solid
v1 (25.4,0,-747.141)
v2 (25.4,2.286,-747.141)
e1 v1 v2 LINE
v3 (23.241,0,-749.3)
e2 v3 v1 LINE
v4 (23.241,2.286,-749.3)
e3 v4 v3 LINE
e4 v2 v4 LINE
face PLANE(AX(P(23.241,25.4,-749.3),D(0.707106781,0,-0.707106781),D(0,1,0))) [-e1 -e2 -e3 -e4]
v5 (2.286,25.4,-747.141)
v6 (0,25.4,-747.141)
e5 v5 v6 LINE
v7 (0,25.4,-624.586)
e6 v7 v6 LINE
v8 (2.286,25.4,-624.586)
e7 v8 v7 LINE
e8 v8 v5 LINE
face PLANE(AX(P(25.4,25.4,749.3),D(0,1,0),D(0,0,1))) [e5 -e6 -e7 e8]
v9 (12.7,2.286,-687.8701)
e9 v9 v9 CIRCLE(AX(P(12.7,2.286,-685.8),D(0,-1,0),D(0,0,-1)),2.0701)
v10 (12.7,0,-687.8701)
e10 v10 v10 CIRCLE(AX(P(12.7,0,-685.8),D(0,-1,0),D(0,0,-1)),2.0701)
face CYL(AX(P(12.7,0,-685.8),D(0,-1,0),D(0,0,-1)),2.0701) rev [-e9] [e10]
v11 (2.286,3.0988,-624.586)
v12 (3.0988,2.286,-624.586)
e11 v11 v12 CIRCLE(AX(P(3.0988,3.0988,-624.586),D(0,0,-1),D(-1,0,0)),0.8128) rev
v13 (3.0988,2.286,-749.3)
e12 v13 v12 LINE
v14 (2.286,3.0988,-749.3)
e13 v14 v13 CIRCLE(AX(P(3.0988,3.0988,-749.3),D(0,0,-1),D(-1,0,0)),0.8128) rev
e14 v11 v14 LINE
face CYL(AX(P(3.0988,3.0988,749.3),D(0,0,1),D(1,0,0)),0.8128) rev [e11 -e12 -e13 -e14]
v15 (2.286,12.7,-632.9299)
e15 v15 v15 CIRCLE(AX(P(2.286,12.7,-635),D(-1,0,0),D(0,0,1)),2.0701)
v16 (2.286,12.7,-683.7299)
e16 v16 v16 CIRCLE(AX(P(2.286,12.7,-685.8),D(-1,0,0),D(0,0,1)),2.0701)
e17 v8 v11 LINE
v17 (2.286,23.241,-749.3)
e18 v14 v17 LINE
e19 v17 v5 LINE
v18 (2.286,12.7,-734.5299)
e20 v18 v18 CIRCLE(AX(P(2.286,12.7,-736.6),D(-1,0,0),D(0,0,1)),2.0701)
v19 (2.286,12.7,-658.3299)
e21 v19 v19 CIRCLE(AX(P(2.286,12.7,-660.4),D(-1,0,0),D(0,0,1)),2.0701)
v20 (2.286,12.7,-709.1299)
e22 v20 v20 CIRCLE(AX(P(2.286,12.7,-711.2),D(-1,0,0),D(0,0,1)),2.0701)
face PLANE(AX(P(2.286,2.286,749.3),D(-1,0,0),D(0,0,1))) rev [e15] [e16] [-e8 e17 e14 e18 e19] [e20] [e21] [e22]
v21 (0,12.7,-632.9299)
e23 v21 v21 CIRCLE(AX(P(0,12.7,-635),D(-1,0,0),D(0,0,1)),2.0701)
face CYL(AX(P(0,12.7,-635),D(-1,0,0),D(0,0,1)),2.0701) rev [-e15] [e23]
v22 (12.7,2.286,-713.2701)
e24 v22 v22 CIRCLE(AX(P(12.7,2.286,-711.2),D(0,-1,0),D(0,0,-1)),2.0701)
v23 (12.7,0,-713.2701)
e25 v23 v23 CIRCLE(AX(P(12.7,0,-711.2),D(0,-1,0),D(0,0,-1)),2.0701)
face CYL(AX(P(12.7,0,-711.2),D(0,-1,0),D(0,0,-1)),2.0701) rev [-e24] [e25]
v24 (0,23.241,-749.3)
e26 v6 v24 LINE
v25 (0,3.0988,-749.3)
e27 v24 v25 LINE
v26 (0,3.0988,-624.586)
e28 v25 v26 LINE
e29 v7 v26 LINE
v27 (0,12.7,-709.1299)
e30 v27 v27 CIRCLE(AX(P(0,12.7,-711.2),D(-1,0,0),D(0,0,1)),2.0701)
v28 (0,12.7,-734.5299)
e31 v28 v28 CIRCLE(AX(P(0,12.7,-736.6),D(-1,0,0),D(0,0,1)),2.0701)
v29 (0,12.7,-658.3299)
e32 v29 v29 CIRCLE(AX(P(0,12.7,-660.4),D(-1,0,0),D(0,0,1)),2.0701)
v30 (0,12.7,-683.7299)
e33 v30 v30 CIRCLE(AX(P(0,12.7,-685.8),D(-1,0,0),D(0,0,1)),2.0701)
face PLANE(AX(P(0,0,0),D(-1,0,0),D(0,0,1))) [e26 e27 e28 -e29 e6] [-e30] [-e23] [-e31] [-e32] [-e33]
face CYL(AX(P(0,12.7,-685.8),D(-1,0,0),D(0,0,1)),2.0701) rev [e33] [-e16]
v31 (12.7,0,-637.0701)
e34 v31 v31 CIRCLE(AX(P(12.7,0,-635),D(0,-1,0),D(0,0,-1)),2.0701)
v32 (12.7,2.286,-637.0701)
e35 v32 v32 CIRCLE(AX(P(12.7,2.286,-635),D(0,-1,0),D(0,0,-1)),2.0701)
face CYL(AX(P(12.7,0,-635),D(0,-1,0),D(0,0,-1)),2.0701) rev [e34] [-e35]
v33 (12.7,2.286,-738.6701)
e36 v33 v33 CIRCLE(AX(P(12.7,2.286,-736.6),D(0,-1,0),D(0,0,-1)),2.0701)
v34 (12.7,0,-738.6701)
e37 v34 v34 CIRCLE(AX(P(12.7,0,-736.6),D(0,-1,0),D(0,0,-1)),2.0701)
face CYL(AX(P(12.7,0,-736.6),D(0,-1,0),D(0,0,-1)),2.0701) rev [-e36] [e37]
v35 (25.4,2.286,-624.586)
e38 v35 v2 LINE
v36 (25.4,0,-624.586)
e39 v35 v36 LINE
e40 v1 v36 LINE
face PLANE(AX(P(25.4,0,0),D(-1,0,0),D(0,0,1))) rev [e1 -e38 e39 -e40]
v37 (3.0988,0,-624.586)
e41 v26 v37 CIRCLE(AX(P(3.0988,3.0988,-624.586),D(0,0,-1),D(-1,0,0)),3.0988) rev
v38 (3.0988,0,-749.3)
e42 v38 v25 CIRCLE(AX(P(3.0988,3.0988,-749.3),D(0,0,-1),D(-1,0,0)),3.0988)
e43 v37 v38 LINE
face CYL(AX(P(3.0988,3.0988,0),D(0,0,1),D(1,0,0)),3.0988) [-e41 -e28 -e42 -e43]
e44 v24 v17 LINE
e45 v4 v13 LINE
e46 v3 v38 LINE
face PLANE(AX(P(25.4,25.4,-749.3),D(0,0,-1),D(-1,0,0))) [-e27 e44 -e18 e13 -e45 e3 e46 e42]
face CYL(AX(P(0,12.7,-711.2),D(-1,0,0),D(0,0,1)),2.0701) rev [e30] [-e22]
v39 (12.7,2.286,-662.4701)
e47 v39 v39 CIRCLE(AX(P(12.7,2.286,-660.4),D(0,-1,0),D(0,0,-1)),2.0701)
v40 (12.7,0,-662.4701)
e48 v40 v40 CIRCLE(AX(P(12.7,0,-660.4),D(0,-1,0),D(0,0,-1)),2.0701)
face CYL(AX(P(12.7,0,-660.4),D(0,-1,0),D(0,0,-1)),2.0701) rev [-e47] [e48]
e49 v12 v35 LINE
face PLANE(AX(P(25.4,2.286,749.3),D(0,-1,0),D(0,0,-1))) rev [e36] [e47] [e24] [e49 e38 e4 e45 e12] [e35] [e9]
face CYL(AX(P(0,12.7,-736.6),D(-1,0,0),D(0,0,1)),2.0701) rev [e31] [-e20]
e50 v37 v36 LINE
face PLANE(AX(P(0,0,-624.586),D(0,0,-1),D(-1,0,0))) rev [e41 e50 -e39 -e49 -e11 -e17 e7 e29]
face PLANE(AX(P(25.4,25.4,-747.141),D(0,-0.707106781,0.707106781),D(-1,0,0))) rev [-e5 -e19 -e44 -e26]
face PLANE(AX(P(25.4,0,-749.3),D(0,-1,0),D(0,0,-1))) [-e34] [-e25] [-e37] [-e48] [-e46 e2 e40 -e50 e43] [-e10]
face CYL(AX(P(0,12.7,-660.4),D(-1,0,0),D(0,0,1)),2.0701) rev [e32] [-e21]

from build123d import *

# Parameters (mm, degrees)
SKETCH1_W                  = 25.4
SKETCH1_H                  = 1498.6
BOSS_EXTRUDE1_DEPTH        = 25.4
SKETCH2_W                  = 23.114
SKETCH2_H                  = 23.114
CUT_EXTRUDE1_DEPTH         = 1499.6
M3_5_CLEARANCE_HOLE1_D     = 4.1402
M3_5_CLEARANCE_HOLE1_DEPTH = 25.4
M3_5_CLEARANCE_HOLE2_D     = 4.1402
M3_5_CLEARANCE_HOLE2_DEPTH = 25.4
CHAMFER1_SIZE              = 2.159
FILLET1_R                  = 0.8128
FILLET2_R                  = 3.0988
SKETCH8_W                  = 95.882963774
SKETCH8_H                  = 79.338329604
CUT_EXTRUDE3_DEPTH         = 1371.6
SKETCH11_W                 = 51.462522779
SKETCH11_H                 = 66.676735099
CUT_EXTRUDE6_DEPTH         = 2.286


with BuildPart() as part:
    # Sketch1 → Boss-Extrude1 (new body)
    with BuildSketch(Plane(origin=(0, 0, 0), x_dir=(0, -1, 0), z_dir=(-1, 0, 0))):
        with Locations((-12.7, 0)):
            Rectangle(SKETCH1_W, SKETCH1_H)
    extrude(amount=-BOSS_EXTRUDE1_DEPTH)

    # Sketch2 → Cut-Extrude1 (cut, through all)
    with BuildSketch(Plane(origin=(0, 0, -749.3), x_dir=(-1, 0, 0), z_dir=(0, 0, -1))):
        with Locations((-13.843, 13.843)):
            Rectangle(SKETCH2_W, SKETCH2_H)
    extrude(amount=-CUT_EXTRUDE1_DEPTH, mode=Mode.SUBTRACT)

    # M3.5 Clearance Hole1
    with Locations(Plane(origin=(0, 0, 0), x_dir=(-1, 0, 0), z_dir=(0, -1, 0))):
        with Locations((-12.7, 736.6), (-12.7, 711.2), (-12.7, 685.8), (-12.7, 660.4), (-12.7, 635), (-12.7, 609.6), (-12.7, 584.2), (-12.7, 558.8), (-12.7, 533.4), (-12.7, 508), (-12.7, 482.6), (-12.7, 457.2), (-12.7, 431.8), (-12.7, 406.4), (-12.7, 381), (-12.7, 355.6), (-12.7, 330.2), (-12.7, 304.8), (-12.7, 279.4), (-12.7, 254), (-12.7, 228.6), (-12.7, 203.2), (-12.7, 177.8), (-12.7, 152.4), (-12.7, 127), (-12.7, 101.6), (-12.7, 76.2), (-12.7, 50.8), (-12.7, 25.4), (-12.7, 0), (-12.7, -25.4), (-12.7, -50.8), (-12.7, -76.2), (-12.7, -101.6), (-12.7, -127), (-12.7, -152.4), (-12.7, -177.8), (-12.7, -203.2), (-12.7, -228.6), (-12.7, -254), (-12.7, -279.4), (-12.7, -304.8), (-12.7, -330.2), (-12.7, -355.6), (-12.7, -381), (-12.7, -406.4), (-12.7, -431.8), (-12.7, -457.2), (-12.7, -482.6), (-12.7, -508), (-12.7, -533.4), (-12.7, -558.8), (-12.7, -584.2), (-12.7, -609.6), (-12.7, -635), (-12.7, -660.4), (-12.7, -685.8), (-12.7, -711.2), (-12.7, -736.6)):
            Hole(M3_5_CLEARANCE_HOLE1_D / 2, depth=M3_5_CLEARANCE_HOLE1_DEPTH)

    # M3.5 Clearance Hole2
    with Locations(Plane.ZY):
        with Locations((711.2, 12.7), (736.6, 12.7), (685.8, 12.7), (660.4, 12.7), (635, 12.7), (609.6, 12.7), (584.2, 12.7), (558.8, 12.7), (533.4, 12.7), (508, 12.7), (482.6, 12.7), (457.2, 12.7), (431.8, 12.7), (406.4, 12.7), (381, 12.7), (355.6, 12.7), (330.2, 12.7), (304.8, 12.7), (279.4, 12.7), (254, 12.7), (228.6, 12.7), (203.2, 12.7), (177.8, 12.7), (152.4, 12.7), (127, 12.7), (101.6, 12.7), (76.2, 12.7), (50.8, 12.7), (25.4, 12.7), (0, 12.7), (-25.4, 12.7), (-50.8, 12.7), (-76.2, 12.7), (-101.6, 12.7), (-127, 12.7), (-152.4, 12.7), (-177.8, 12.7), (-203.2, 12.7), (-228.6, 12.7), (-254, 12.7), (-279.4, 12.7), (-304.8, 12.7), (-330.2, 12.7), (-355.6, 12.7), (-381, 12.7), (-406.4, 12.7), (-431.8, 12.7), (-457.2, 12.7), (-482.6, 12.7), (-508, 12.7), (-533.4, 12.7), (-558.8, 12.7), (-584.2, 12.7), (-609.6, 12.7), (-635, 12.7), (-660.4, 12.7), (-685.8, 12.7), (-711.2, 12.7), (-736.6, 12.7)):
            Hole(M3_5_CLEARANCE_HOLE2_D / 2, depth=M3_5_CLEARANCE_HOLE2_DEPTH)

    # Chamfer1
    chamfer1_edges = [part.edges().sort_by_distance(p)[0] for p in [
        (25.4, 1.143, -749.3),
        (1.143, 25.4, 749.3),
        (1.143, 25.4, -749.3),
        (25.4, 1.143, 749.3),
    ]]
    chamfer(chamfer1_edges, length=CHAMFER1_SIZE)

    # Fillet1
    fillet1_edges = [part.edges().sort_by_distance(p)[0] for p in [
        (2.286, 2.286, 0),
    ]]
    fillet(fillet1_edges, radius=FILLET1_R)

    # Fillet2
    fillet2_edges = [part.edges().sort_by_distance(p)[0] for p in [
        (0, 0, 0),
    ]]
    fillet(fillet2_edges, radius=FILLET2_R)

    # Sketch8 → Cut-Extrude3 (cut)
    with BuildSketch(Plane.XY.offset(749.3)):
        with Locations((2.286, 3.0988)):
            Rectangle(SKETCH8_W, SKETCH8_H)
    extrude(amount=-CUT_EXTRUDE3_DEPTH, mode=Mode.SUBTRACT)

    # Sketch11 → Cut-Extrude6 (cut)
    with BuildSketch(Plane.XY.offset(-622.3)):
        with Locations((1.85517497, 1.74884985)):
            Rectangle(SKETCH11_W, SKETCH11_H)
    extrude(amount=-CUT_EXTRUDE6_DEPTH, mode=Mode.SUBTRACT)


solid = part.part
